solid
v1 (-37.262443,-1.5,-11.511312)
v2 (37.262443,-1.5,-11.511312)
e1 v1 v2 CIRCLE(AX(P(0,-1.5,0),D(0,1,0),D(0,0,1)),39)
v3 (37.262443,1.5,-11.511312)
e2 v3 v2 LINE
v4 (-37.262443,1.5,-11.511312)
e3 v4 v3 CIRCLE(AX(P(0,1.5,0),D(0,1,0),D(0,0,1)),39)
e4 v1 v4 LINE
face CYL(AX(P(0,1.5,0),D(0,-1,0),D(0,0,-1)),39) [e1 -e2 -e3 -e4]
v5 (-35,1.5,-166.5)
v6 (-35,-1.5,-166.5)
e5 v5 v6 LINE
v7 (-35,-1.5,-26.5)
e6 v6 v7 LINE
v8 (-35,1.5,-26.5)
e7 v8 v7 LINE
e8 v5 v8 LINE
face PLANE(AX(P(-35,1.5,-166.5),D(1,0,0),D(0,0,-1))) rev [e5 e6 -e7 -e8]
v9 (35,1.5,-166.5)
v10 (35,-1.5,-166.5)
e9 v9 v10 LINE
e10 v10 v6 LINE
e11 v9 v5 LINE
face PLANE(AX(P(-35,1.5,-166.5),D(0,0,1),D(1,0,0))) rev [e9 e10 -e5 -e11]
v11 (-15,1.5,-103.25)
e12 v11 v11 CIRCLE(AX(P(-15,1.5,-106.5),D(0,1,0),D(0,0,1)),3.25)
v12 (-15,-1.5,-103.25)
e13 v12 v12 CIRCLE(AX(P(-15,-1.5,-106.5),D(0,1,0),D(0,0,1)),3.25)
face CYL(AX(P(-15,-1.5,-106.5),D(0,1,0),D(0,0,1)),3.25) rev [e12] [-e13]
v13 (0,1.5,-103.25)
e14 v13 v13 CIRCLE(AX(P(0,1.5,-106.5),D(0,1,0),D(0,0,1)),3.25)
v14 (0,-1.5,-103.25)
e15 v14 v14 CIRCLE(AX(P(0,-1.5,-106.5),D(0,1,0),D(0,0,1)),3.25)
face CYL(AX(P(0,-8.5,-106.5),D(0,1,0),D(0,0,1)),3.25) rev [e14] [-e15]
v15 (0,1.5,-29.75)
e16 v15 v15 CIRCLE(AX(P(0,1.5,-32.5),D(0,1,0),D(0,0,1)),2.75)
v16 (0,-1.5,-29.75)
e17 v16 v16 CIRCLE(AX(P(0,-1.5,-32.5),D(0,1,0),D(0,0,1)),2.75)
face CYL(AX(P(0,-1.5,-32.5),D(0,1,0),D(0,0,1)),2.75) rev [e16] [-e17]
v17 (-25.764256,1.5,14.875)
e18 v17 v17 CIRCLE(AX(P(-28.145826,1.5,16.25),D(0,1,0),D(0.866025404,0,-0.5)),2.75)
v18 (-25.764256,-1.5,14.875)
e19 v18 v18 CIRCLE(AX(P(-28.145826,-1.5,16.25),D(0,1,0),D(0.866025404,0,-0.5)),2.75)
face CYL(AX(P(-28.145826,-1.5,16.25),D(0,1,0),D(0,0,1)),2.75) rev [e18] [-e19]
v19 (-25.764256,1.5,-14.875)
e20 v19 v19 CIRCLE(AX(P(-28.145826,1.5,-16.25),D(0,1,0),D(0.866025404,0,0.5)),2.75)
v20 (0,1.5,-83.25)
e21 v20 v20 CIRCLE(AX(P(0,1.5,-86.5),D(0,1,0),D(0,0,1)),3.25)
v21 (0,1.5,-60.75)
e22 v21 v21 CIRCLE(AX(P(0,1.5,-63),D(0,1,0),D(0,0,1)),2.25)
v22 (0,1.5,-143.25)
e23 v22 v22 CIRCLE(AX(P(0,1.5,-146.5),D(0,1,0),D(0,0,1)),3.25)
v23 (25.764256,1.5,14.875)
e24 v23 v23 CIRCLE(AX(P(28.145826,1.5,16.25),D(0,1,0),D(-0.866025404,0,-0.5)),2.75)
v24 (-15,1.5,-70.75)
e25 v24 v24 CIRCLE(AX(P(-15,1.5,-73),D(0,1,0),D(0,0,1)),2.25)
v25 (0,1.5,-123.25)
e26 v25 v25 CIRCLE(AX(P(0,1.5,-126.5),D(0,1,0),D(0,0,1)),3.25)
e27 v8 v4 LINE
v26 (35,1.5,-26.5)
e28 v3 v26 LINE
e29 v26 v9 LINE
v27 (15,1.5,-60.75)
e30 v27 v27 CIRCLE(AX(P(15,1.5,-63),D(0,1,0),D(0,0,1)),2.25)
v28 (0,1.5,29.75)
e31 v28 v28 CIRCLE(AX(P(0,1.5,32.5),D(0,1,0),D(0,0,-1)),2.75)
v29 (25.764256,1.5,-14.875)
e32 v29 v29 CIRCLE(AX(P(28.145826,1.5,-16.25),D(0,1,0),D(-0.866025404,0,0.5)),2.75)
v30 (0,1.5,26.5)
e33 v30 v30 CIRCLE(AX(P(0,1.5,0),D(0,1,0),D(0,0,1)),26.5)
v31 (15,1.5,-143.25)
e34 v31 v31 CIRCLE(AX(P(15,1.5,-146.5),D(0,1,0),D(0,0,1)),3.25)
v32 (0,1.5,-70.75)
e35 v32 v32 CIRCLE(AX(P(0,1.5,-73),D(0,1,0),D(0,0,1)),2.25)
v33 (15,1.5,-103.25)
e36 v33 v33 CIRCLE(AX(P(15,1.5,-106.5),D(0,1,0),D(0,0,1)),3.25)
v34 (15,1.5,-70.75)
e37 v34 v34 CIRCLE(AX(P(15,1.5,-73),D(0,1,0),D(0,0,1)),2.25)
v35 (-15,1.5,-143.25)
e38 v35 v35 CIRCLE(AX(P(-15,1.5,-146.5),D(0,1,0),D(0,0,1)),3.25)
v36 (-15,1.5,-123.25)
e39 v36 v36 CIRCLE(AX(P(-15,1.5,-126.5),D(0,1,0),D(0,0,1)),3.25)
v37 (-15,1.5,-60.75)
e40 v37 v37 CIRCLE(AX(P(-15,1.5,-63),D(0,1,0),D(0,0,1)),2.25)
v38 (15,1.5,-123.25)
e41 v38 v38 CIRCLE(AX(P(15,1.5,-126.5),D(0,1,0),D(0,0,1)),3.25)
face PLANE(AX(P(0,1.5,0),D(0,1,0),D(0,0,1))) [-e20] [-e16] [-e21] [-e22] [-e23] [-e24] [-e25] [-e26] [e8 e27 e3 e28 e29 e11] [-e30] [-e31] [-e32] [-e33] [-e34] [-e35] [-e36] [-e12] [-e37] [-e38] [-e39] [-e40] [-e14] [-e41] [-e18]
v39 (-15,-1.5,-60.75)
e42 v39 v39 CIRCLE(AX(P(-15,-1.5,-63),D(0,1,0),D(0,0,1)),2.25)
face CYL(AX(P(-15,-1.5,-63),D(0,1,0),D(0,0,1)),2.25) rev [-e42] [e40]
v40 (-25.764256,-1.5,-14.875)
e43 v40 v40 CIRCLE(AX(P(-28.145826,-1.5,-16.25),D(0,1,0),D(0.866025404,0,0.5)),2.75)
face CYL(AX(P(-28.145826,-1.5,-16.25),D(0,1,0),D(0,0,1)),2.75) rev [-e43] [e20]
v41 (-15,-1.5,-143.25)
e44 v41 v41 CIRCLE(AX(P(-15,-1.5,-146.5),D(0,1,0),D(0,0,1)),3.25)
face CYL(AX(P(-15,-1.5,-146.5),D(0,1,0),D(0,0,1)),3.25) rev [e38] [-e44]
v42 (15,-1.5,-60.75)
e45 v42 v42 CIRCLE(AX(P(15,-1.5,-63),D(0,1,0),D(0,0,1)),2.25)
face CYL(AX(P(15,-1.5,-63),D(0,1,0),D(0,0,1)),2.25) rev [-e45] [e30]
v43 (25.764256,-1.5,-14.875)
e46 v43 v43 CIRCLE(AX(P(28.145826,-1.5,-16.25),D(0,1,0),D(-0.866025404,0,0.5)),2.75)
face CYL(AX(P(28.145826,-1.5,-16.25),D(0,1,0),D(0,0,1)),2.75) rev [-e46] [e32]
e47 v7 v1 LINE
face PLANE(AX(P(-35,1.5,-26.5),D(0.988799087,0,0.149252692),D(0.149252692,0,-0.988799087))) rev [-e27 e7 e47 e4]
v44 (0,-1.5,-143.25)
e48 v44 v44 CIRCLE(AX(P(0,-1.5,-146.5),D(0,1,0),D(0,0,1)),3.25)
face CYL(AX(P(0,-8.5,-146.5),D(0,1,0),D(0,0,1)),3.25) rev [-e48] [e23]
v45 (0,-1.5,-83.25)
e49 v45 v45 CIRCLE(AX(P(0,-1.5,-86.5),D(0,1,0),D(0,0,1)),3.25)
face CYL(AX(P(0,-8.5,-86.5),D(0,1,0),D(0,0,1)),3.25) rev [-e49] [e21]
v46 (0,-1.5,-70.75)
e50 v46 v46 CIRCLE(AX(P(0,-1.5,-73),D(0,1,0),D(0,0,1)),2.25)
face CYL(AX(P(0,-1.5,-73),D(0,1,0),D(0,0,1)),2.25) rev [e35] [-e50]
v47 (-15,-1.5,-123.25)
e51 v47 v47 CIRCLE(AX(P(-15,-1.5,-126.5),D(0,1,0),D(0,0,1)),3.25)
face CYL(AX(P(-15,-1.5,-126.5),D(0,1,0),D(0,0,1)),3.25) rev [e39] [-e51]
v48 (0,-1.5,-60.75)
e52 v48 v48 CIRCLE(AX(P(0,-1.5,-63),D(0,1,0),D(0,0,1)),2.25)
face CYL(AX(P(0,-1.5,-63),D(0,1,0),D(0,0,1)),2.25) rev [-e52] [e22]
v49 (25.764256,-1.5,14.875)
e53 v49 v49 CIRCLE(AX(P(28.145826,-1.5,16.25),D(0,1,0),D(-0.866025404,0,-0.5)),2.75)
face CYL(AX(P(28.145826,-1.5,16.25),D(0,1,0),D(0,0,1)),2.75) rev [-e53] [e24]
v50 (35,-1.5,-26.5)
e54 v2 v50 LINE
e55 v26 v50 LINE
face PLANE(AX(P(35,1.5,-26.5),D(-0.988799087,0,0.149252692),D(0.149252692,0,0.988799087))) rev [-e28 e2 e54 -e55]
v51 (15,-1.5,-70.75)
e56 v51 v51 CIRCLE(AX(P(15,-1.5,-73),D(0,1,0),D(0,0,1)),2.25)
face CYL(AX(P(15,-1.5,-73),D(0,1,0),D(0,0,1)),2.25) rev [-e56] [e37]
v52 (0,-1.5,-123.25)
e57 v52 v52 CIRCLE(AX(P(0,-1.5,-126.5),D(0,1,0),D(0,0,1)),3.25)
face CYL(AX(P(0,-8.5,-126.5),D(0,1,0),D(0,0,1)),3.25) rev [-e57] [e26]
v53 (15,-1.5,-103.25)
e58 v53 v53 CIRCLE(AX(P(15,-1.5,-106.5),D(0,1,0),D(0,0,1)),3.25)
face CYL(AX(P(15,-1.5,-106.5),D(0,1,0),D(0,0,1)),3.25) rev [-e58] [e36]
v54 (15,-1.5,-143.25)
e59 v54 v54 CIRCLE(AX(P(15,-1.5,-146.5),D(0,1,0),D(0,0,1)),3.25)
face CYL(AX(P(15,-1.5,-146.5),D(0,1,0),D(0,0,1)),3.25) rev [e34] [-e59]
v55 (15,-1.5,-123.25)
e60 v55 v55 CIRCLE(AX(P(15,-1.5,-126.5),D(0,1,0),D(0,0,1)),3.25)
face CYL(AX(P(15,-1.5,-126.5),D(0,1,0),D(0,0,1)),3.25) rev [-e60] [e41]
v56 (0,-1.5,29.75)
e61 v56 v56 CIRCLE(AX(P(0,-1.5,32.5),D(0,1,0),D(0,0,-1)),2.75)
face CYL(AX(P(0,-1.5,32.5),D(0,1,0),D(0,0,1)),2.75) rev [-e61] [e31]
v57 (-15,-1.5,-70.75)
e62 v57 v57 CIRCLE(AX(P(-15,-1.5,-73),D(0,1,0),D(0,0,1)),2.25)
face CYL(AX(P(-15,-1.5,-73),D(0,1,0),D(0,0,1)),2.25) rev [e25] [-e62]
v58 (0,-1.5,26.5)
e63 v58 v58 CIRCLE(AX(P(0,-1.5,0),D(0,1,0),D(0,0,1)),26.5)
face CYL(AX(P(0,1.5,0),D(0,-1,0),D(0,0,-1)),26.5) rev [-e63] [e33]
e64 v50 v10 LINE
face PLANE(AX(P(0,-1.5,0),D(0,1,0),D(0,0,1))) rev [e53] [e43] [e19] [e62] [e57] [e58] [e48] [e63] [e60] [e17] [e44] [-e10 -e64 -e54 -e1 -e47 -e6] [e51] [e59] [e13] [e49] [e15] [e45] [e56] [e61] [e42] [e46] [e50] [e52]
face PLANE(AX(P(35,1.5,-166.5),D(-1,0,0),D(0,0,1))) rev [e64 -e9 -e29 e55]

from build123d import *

# Parameters (mm, degrees)
SKETCH1_R            = 39
SKETCH1_R_2          = 26.5
BOSS_EXTRUDE1_DEPTH  = 1.5
SKETCH3_W            = 50
SKETCH3_H            = 51.5
BOSS_EXTRUDE2_DEPTH  = 1.5
BOSS_EXTRUDE4_DEPTH  = 1.5
SKETCH2_R            = 2.75
CUT_EXTRUDE1_DEPTH   = 2.5
CIRPATTERN1_COUNT    = 6
CUT_EXTRUDE2_START   = -4
SKETCH5_R            = 2.25
CUT_EXTRUDE2_DEPTH   = 5
LPATTERN1_COUNT      = 2
LPATTERN1_PITCH      = 15
LPATTERN1_COUNT_DIR2 = 2
LPATTERN1_PITCH_DIR2 = 10
LPATTERN2_COUNT      = 2
LPATTERN2_PITCH      = 15
LPATTERN2_COUNT_DIR2 = 2
LPATTERN2_PITCH_DIR2 = 10
CUT_EXTRUDE3_START   = -4
SKETCH7_R            = 3.25
CUT_EXTRUDE3_DEPTH   = 5
LPATTERN3_COUNT      = 3
LPATTERN3_PITCH      = 20
SKETCH8_R            = 3.25
CUT_EXTRUDE4_DEPTH   = 10
LPATTERN4_COUNT      = 4
LPATTERN4_PITCH      = 20


with BuildPart() as part:
    # Sketch1 → Boss-Extrude1 (new body, symmetric)
    with BuildSketch(Plane(origin=(0, 0, 0), x_dir=(1, 0, 0), z_dir=(0, 1, 0))):
        Circle(SKETCH1_R)
        Circle(SKETCH1_R_2, mode=Mode.SUBTRACT)
    extrude(amount=BOSS_EXTRUDE1_DEPTH, both=True)

    # Sketch3 → Boss-Extrude2 (add, symmetric)
    with BuildSketch(Plane(origin=(0, 0, 0), x_dir=(1, 0, 0), z_dir=(0, 1, 0))):
        with Locations((0, 52.25)):
            Rectangle(SKETCH3_W, SKETCH3_H)
    extrude(amount=BOSS_EXTRUDE2_DEPTH, both=True)

    # Sketch6 → Boss-Extrude4 (add, symmetric)
    with BuildSketch(Plane(origin=(0, 0, 0), x_dir=(1, 0, 0), z_dir=(0, 1, 0))):
        Polygon((-35, 166.5), (-35, 26.5), (-39, 0), (-14.981514186, 26.5), (16.520833333, 26.5), (39, 0), (35, 26.5), (35, 166.5), align=None)
    extrude(amount=BOSS_EXTRUDE4_DEPTH, both=True)

    # Sketch2 → Cut-Extrude1 (cut, symmetric)
    with BuildSketch(Plane(origin=(0, 0, 0), x_dir=(1, 0, 0), z_dir=(0, 1, 0))):
        with Locations((0, 32.5)):
            Circle(SKETCH2_R)
    cut_extrude1 = extrude(amount=CUT_EXTRUDE1_DEPTH, both=True, mode=Mode.SUBTRACT)

    # CirPattern1: Cut-Extrude1 ×6 about axis
    cirpattern1_axis = Axis((0, 0, 0), (0, 1, 0))
    for i in range(1, CIRPATTERN1_COUNT):
        add(cut_extrude1.rotate(cirpattern1_axis, i * 360 / CIRPATTERN1_COUNT), mode=Mode.SUBTRACT)

    # Sketch5 → Cut-Extrude2 (cut)
    with BuildSketch(Plane(origin=(0, 1.5, 0), x_dir=(1, 0, 0), z_dir=(0, 1, 0)).offset(CUT_EXTRUDE2_START)):
        with Locations((0, 73)):
            Circle(SKETCH5_R)
    cut_extrude2 = extrude(amount=CUT_EXTRUDE2_DEPTH, mode=Mode.SUBTRACT)

    # LPattern1: Cut-Extrude2 2 × 2
    with Locations(*[(i * LPATTERN1_PITCH, 0, j * LPATTERN1_PITCH_DIR2) for i in range(LPATTERN1_COUNT) for j in range(LPATTERN1_COUNT_DIR2) if (i, j) != (0, 0)]):
        add(cut_extrude2, mode=Mode.SUBTRACT)

    # LPattern2: Cut-Extrude2 2 × 2
    with Locations(*[(-i * LPATTERN2_PITCH, 0, j * LPATTERN2_PITCH_DIR2) for i in range(LPATTERN2_COUNT) for j in range(LPATTERN2_COUNT_DIR2) if (i, j) != (0, 0)]):
        add(cut_extrude2, mode=Mode.SUBTRACT)

    # Sketch7 → Cut-Extrude3 (cut)
    with BuildSketch(Plane(origin=(0, 1.5, 0), x_dir=(1, 0, 0), z_dir=(0, 1, 0)).offset(CUT_EXTRUDE3_START)):
        with Locations((-15, 146.5)):
            Circle(SKETCH7_R)
        with Locations((15, 146.5)):
            Circle(SKETCH7_R)
    cut_extrude3 = extrude(amount=CUT_EXTRUDE3_DEPTH, mode=Mode.SUBTRACT)

    # LPattern3: Cut-Extrude3 ×3
    with Locations(*[(0, 0, i * LPATTERN3_PITCH) for i in range(1, LPATTERN3_COUNT)]):
        add(cut_extrude3, mode=Mode.SUBTRACT)

    # Sketch8 → Cut-Extrude4 (cut)
    with BuildSketch(Plane(origin=(0, 1.5, 0), x_dir=(1, 0, 0), z_dir=(0, 1, 0))):
        with Locations((0, 146.5)):
            Circle(SKETCH8_R)
    cut_extrude4 = extrude(amount=-CUT_EXTRUDE4_DEPTH, mode=Mode.SUBTRACT)

    # LPattern4: Cut-Extrude4 ×4
    with Locations(*[(0, 0, i * LPATTERN4_PITCH) for i in range(1, LPATTERN4_COUNT)]):
        add(cut_extrude4, mode=Mode.SUBTRACT)


solid = part.part
